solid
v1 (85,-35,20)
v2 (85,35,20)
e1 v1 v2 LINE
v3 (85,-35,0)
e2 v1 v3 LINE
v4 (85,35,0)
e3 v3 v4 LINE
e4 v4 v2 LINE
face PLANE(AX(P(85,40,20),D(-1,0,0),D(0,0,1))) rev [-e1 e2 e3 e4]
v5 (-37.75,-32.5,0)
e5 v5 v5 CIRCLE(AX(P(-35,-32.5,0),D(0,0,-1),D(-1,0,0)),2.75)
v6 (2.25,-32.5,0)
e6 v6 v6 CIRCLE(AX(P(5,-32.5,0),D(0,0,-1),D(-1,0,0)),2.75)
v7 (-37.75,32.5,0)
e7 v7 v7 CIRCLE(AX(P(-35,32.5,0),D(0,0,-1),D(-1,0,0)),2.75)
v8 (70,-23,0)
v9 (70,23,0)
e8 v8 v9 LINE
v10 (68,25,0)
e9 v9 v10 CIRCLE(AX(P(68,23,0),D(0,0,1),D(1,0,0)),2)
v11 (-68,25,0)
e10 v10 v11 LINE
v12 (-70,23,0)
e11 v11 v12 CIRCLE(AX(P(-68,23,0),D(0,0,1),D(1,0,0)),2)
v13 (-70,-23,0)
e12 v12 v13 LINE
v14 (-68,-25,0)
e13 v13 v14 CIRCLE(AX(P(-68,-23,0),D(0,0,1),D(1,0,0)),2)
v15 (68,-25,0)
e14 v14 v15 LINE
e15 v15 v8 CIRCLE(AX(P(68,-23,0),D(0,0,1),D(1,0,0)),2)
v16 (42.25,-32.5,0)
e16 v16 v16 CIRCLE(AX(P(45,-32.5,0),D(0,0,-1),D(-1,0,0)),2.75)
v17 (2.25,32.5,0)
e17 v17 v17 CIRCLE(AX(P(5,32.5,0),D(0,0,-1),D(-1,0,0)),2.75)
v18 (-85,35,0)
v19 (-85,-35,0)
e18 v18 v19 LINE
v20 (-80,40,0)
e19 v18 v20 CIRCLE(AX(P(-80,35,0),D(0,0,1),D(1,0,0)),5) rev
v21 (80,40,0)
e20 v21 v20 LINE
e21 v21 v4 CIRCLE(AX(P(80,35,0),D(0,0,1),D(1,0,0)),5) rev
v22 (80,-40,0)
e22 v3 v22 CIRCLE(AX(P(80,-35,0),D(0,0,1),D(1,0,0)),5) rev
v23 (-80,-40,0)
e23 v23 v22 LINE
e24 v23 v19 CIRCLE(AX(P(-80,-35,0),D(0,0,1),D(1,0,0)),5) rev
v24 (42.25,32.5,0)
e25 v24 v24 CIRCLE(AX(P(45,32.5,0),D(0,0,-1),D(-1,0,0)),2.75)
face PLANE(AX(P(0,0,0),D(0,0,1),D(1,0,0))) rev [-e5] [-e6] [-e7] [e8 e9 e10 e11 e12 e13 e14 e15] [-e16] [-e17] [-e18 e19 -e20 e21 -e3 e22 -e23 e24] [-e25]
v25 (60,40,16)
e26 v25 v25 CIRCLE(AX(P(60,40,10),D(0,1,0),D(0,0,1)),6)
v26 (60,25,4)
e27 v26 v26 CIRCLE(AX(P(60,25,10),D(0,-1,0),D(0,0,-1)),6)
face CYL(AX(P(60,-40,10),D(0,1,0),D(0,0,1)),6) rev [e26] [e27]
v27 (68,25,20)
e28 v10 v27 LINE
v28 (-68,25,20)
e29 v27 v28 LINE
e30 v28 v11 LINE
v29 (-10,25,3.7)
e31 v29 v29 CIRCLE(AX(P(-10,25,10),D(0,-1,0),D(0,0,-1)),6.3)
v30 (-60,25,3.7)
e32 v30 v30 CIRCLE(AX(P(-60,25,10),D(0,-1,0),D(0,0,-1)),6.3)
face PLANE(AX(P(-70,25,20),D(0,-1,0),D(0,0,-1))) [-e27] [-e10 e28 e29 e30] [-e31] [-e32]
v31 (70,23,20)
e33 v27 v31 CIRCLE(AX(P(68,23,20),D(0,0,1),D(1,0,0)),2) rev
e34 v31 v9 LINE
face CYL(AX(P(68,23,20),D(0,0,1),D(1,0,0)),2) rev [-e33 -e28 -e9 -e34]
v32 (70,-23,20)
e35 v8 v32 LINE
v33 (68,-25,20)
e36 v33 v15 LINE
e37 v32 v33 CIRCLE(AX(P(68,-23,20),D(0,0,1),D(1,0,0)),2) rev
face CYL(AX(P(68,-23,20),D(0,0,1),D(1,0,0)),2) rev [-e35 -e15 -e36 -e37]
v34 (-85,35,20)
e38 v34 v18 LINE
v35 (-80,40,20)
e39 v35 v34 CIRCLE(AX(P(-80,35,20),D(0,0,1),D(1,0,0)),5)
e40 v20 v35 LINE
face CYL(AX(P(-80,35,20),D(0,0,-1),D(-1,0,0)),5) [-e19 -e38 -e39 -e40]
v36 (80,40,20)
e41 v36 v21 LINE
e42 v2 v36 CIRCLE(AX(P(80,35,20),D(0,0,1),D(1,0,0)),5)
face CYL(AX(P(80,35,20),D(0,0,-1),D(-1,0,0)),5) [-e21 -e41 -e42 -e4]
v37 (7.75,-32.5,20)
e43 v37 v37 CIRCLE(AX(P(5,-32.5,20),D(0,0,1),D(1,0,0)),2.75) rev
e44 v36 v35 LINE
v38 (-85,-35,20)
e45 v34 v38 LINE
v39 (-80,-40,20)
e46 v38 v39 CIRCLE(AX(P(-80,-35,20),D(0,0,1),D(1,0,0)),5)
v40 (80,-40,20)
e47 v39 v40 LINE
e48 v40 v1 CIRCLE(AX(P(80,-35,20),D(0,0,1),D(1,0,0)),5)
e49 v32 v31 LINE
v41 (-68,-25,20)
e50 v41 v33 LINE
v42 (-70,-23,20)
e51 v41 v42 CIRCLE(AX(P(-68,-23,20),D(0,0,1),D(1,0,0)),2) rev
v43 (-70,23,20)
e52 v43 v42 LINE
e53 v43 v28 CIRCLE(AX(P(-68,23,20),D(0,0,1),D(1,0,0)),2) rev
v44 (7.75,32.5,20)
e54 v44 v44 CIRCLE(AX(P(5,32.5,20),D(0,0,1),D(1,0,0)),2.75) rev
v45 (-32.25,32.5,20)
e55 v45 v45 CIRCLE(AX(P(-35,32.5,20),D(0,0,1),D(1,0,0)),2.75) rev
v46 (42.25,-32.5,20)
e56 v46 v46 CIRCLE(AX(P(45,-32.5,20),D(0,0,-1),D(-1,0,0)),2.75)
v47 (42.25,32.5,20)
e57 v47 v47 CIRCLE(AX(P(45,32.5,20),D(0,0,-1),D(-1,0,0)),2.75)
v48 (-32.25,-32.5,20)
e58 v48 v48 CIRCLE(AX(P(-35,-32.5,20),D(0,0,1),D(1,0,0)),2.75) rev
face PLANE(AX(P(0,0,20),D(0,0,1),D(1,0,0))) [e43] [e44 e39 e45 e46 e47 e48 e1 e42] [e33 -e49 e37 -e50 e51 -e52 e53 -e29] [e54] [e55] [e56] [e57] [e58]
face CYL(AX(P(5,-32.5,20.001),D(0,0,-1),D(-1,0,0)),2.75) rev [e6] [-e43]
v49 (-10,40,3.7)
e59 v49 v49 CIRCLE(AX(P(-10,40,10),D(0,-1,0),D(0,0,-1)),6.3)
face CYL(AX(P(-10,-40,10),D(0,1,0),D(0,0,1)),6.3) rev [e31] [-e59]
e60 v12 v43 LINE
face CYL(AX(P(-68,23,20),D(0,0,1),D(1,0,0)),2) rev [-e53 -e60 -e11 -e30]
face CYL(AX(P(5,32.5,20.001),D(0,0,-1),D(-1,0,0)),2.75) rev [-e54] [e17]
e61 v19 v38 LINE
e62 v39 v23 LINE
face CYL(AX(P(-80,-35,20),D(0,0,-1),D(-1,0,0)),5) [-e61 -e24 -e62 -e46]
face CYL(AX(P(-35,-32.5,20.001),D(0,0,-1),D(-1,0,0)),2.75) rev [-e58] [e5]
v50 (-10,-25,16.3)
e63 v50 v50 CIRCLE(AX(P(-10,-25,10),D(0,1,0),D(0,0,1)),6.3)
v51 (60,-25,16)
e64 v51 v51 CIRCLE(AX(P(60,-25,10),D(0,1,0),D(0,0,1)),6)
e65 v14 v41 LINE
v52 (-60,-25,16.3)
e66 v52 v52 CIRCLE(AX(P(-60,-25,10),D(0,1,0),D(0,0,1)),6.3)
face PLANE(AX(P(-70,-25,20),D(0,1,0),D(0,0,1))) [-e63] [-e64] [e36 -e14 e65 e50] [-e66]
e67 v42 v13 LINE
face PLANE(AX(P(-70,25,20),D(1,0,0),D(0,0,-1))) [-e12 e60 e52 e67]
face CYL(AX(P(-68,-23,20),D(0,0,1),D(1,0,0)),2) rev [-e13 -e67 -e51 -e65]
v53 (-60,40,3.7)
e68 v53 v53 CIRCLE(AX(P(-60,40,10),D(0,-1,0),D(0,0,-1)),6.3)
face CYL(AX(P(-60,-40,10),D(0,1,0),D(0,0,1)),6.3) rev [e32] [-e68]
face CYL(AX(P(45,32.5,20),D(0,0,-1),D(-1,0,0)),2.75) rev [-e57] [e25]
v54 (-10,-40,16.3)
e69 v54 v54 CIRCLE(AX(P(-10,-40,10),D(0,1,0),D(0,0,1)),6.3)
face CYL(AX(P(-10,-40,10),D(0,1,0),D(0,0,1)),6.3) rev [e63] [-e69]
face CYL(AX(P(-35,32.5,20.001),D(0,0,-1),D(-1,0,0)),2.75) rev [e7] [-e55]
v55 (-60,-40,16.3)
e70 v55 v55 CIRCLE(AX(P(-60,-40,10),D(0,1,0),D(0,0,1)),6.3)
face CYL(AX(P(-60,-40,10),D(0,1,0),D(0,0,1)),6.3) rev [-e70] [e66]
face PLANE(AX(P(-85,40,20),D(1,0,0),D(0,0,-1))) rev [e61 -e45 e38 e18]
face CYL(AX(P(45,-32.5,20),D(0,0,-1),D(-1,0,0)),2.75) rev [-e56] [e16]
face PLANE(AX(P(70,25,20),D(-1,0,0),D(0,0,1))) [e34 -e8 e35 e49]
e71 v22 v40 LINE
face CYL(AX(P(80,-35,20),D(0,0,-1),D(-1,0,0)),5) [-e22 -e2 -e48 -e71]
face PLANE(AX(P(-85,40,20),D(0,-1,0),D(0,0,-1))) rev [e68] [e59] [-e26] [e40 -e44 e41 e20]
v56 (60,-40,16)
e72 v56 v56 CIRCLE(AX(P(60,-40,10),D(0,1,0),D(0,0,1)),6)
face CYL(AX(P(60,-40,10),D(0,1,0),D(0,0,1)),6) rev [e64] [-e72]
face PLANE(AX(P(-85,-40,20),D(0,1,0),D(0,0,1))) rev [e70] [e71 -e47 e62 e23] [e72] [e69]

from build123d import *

# Parameters (mm, degrees)
SKETCH1_W               = 170
SKETCH1_H               = 80
SKETCH1_W_2             = 140
SKETCH1_H_2             = 50
BOSS_EXTRUDE1_DEPTH     = 20
CUT_EXTRUDE1_DEPTH      = 119.427192823
CUT_EXTRUDE1_DEPTH_BACK = 119.427192823
SKETCH2_R               = 6.3
CUT_EXTRUDE3_REACH      = 98.047
SKETCH5_R               = 2.75
FILLET1_R               = 2
FILLET2_R               = 5
SKETCH6_R               = 6
CUT_EXTRUDE4_DEPTH      = 119.427192823
SKETCH7_R               = 2.75
CUT_EXTRUDE5_DEPTH      = 97.046863561


with BuildPart() as part:
    # Sketch1 → Boss-Extrude1 (new body)
    with BuildSketch(Plane.XY):
        Rectangle(SKETCH1_W, SKETCH1_H)
        Rectangle(SKETCH1_W_2, SKETCH1_H_2, mode=Mode.SUBTRACT)
    extrude(amount=BOSS_EXTRUDE1_DEPTH)

    # Sketch2 → Cut-Extrude1 (cut, two sides: drawn at the far end of the back side and taken through both)
    with BuildSketch(Plane(origin=(0, 40, 0), x_dir=(1, 0, 0), z_dir=(0, 1, 0)).offset(-CUT_EXTRUDE1_DEPTH_BACK)):
        with Locations(Location((-60, -10, 0), (0, 0, 270))):
            Circle(SKETCH2_R)
        with Locations(Location((-10, -10, 0), (0, 0, 270))):
            Circle(SKETCH2_R)
    extrude(amount=CUT_EXTRUDE1_DEPTH + CUT_EXTRUDE1_DEPTH_BACK, mode=Mode.SUBTRACT)

    # Sketch5 → Cut-Extrude3 (cut, up to next)
    with BuildSketch(Plane(origin=(0, 0, 0), x_dir=(-1, 0, 0), z_dir=(0, 0, -1)), mode=Mode.PRIVATE) as cut_extrude3_sk1:
        with Locations((35, 32.5)):
            Circle(SKETCH5_R)
    cut_extrude3_tool1 = extrude(cut_extrude3_sk1.sketch, amount=-CUT_EXTRUDE3_REACH, mode=Mode.PRIVATE) & part.part
    # Sketch5 → Cut-Extrude3 (cut, up to next)
    with BuildSketch(Plane(origin=(0, 0, 0), x_dir=(-1, 0, 0), z_dir=(0, 0, -1)), mode=Mode.PRIVATE) as cut_extrude3_sk2:
        with Locations((35, -32.5)):
            Circle(SKETCH5_R)
    cut_extrude3_tool2 = extrude(cut_extrude3_sk2.sketch, amount=-CUT_EXTRUDE3_REACH, mode=Mode.PRIVATE) & part.part
    # Sketch5 → Cut-Extrude3 (cut, up to next)
    with BuildSketch(Plane(origin=(0, 0, 0), x_dir=(-1, 0, 0), z_dir=(0, 0, -1)), mode=Mode.PRIVATE) as cut_extrude3_sk3:
        with Locations((-5, 32.5)):
            Circle(SKETCH5_R)
    cut_extrude3_tool3 = extrude(cut_extrude3_sk3.sketch, amount=-CUT_EXTRUDE3_REACH, mode=Mode.PRIVATE) & part.part
    # Sketch5 → Cut-Extrude3 (cut, up to next)
    with BuildSketch(Plane(origin=(0, 0, 0), x_dir=(-1, 0, 0), z_dir=(0, 0, -1)), mode=Mode.PRIVATE) as cut_extrude3_sk4:
        with Locations((-5, -32.5)):
            Circle(SKETCH5_R)
    cut_extrude3_tool4 = extrude(cut_extrude3_sk4.sketch, amount=-CUT_EXTRUDE3_REACH, mode=Mode.PRIVATE) & part.part
    add(cut_extrude3_tool1.solids().sort_by_distance((-35, 32.5, 0))[0], mode=Mode.SUBTRACT)
    add(cut_extrude3_tool2.solids().sort_by_distance((-35, -32.5, 0))[0], mode=Mode.SUBTRACT)
    add(cut_extrude3_tool3.solids().sort_by_distance((5, 32.5, 0))[0], mode=Mode.SUBTRACT)
    add(cut_extrude3_tool4.solids().sort_by_distance((5, -32.5, 0))[0], mode=Mode.SUBTRACT)

    # Fillet1
    fillet1_edges = [part.edges().sort_by_distance(p)[0] for p in [
        (70, -25, 10),
        (70, 25, 10),
        (-70, 25, 10),
        (-70, -25, 10),
    ]]
    fillet(fillet1_edges, radius=FILLET1_R)

    # Fillet2
    fillet2_edges = [part.edges().sort_by_distance(p)[0] for p in [
        (85, -40, 10),
        (-85, -40, 10),
        (-85, 40, 10),
        (85, 40, 10),
    ]]
    fillet(fillet2_edges, radius=FILLET2_R)

    # Sketch6 → Cut-Extrude4 (cut, through all)
    with BuildSketch(Plane(origin=(0, 40, 0), x_dir=(1, 0, 0), z_dir=(0, 1, 0))):
        with Locations(Location((60, -10, 0), (0, 0, 270))):
            Circle(SKETCH6_R)
    extrude(amount=-CUT_EXTRUDE4_DEPTH, mode=Mode.SUBTRACT)

    # Sketch7 → Cut-Extrude5 (cut, through all)
    with BuildSketch(Plane(origin=(0, 0, 0), x_dir=(-1, 0, 0), z_dir=(0, 0, -1))):
        with Locations((-45, 32.5)):
            Circle(SKETCH7_R)
        with Locations((-45, -32.5)):
            Circle(SKETCH7_R)
    extrude(amount=-CUT_EXTRUDE5_DEPTH, mode=Mode.SUBTRACT)


solid = part.part
